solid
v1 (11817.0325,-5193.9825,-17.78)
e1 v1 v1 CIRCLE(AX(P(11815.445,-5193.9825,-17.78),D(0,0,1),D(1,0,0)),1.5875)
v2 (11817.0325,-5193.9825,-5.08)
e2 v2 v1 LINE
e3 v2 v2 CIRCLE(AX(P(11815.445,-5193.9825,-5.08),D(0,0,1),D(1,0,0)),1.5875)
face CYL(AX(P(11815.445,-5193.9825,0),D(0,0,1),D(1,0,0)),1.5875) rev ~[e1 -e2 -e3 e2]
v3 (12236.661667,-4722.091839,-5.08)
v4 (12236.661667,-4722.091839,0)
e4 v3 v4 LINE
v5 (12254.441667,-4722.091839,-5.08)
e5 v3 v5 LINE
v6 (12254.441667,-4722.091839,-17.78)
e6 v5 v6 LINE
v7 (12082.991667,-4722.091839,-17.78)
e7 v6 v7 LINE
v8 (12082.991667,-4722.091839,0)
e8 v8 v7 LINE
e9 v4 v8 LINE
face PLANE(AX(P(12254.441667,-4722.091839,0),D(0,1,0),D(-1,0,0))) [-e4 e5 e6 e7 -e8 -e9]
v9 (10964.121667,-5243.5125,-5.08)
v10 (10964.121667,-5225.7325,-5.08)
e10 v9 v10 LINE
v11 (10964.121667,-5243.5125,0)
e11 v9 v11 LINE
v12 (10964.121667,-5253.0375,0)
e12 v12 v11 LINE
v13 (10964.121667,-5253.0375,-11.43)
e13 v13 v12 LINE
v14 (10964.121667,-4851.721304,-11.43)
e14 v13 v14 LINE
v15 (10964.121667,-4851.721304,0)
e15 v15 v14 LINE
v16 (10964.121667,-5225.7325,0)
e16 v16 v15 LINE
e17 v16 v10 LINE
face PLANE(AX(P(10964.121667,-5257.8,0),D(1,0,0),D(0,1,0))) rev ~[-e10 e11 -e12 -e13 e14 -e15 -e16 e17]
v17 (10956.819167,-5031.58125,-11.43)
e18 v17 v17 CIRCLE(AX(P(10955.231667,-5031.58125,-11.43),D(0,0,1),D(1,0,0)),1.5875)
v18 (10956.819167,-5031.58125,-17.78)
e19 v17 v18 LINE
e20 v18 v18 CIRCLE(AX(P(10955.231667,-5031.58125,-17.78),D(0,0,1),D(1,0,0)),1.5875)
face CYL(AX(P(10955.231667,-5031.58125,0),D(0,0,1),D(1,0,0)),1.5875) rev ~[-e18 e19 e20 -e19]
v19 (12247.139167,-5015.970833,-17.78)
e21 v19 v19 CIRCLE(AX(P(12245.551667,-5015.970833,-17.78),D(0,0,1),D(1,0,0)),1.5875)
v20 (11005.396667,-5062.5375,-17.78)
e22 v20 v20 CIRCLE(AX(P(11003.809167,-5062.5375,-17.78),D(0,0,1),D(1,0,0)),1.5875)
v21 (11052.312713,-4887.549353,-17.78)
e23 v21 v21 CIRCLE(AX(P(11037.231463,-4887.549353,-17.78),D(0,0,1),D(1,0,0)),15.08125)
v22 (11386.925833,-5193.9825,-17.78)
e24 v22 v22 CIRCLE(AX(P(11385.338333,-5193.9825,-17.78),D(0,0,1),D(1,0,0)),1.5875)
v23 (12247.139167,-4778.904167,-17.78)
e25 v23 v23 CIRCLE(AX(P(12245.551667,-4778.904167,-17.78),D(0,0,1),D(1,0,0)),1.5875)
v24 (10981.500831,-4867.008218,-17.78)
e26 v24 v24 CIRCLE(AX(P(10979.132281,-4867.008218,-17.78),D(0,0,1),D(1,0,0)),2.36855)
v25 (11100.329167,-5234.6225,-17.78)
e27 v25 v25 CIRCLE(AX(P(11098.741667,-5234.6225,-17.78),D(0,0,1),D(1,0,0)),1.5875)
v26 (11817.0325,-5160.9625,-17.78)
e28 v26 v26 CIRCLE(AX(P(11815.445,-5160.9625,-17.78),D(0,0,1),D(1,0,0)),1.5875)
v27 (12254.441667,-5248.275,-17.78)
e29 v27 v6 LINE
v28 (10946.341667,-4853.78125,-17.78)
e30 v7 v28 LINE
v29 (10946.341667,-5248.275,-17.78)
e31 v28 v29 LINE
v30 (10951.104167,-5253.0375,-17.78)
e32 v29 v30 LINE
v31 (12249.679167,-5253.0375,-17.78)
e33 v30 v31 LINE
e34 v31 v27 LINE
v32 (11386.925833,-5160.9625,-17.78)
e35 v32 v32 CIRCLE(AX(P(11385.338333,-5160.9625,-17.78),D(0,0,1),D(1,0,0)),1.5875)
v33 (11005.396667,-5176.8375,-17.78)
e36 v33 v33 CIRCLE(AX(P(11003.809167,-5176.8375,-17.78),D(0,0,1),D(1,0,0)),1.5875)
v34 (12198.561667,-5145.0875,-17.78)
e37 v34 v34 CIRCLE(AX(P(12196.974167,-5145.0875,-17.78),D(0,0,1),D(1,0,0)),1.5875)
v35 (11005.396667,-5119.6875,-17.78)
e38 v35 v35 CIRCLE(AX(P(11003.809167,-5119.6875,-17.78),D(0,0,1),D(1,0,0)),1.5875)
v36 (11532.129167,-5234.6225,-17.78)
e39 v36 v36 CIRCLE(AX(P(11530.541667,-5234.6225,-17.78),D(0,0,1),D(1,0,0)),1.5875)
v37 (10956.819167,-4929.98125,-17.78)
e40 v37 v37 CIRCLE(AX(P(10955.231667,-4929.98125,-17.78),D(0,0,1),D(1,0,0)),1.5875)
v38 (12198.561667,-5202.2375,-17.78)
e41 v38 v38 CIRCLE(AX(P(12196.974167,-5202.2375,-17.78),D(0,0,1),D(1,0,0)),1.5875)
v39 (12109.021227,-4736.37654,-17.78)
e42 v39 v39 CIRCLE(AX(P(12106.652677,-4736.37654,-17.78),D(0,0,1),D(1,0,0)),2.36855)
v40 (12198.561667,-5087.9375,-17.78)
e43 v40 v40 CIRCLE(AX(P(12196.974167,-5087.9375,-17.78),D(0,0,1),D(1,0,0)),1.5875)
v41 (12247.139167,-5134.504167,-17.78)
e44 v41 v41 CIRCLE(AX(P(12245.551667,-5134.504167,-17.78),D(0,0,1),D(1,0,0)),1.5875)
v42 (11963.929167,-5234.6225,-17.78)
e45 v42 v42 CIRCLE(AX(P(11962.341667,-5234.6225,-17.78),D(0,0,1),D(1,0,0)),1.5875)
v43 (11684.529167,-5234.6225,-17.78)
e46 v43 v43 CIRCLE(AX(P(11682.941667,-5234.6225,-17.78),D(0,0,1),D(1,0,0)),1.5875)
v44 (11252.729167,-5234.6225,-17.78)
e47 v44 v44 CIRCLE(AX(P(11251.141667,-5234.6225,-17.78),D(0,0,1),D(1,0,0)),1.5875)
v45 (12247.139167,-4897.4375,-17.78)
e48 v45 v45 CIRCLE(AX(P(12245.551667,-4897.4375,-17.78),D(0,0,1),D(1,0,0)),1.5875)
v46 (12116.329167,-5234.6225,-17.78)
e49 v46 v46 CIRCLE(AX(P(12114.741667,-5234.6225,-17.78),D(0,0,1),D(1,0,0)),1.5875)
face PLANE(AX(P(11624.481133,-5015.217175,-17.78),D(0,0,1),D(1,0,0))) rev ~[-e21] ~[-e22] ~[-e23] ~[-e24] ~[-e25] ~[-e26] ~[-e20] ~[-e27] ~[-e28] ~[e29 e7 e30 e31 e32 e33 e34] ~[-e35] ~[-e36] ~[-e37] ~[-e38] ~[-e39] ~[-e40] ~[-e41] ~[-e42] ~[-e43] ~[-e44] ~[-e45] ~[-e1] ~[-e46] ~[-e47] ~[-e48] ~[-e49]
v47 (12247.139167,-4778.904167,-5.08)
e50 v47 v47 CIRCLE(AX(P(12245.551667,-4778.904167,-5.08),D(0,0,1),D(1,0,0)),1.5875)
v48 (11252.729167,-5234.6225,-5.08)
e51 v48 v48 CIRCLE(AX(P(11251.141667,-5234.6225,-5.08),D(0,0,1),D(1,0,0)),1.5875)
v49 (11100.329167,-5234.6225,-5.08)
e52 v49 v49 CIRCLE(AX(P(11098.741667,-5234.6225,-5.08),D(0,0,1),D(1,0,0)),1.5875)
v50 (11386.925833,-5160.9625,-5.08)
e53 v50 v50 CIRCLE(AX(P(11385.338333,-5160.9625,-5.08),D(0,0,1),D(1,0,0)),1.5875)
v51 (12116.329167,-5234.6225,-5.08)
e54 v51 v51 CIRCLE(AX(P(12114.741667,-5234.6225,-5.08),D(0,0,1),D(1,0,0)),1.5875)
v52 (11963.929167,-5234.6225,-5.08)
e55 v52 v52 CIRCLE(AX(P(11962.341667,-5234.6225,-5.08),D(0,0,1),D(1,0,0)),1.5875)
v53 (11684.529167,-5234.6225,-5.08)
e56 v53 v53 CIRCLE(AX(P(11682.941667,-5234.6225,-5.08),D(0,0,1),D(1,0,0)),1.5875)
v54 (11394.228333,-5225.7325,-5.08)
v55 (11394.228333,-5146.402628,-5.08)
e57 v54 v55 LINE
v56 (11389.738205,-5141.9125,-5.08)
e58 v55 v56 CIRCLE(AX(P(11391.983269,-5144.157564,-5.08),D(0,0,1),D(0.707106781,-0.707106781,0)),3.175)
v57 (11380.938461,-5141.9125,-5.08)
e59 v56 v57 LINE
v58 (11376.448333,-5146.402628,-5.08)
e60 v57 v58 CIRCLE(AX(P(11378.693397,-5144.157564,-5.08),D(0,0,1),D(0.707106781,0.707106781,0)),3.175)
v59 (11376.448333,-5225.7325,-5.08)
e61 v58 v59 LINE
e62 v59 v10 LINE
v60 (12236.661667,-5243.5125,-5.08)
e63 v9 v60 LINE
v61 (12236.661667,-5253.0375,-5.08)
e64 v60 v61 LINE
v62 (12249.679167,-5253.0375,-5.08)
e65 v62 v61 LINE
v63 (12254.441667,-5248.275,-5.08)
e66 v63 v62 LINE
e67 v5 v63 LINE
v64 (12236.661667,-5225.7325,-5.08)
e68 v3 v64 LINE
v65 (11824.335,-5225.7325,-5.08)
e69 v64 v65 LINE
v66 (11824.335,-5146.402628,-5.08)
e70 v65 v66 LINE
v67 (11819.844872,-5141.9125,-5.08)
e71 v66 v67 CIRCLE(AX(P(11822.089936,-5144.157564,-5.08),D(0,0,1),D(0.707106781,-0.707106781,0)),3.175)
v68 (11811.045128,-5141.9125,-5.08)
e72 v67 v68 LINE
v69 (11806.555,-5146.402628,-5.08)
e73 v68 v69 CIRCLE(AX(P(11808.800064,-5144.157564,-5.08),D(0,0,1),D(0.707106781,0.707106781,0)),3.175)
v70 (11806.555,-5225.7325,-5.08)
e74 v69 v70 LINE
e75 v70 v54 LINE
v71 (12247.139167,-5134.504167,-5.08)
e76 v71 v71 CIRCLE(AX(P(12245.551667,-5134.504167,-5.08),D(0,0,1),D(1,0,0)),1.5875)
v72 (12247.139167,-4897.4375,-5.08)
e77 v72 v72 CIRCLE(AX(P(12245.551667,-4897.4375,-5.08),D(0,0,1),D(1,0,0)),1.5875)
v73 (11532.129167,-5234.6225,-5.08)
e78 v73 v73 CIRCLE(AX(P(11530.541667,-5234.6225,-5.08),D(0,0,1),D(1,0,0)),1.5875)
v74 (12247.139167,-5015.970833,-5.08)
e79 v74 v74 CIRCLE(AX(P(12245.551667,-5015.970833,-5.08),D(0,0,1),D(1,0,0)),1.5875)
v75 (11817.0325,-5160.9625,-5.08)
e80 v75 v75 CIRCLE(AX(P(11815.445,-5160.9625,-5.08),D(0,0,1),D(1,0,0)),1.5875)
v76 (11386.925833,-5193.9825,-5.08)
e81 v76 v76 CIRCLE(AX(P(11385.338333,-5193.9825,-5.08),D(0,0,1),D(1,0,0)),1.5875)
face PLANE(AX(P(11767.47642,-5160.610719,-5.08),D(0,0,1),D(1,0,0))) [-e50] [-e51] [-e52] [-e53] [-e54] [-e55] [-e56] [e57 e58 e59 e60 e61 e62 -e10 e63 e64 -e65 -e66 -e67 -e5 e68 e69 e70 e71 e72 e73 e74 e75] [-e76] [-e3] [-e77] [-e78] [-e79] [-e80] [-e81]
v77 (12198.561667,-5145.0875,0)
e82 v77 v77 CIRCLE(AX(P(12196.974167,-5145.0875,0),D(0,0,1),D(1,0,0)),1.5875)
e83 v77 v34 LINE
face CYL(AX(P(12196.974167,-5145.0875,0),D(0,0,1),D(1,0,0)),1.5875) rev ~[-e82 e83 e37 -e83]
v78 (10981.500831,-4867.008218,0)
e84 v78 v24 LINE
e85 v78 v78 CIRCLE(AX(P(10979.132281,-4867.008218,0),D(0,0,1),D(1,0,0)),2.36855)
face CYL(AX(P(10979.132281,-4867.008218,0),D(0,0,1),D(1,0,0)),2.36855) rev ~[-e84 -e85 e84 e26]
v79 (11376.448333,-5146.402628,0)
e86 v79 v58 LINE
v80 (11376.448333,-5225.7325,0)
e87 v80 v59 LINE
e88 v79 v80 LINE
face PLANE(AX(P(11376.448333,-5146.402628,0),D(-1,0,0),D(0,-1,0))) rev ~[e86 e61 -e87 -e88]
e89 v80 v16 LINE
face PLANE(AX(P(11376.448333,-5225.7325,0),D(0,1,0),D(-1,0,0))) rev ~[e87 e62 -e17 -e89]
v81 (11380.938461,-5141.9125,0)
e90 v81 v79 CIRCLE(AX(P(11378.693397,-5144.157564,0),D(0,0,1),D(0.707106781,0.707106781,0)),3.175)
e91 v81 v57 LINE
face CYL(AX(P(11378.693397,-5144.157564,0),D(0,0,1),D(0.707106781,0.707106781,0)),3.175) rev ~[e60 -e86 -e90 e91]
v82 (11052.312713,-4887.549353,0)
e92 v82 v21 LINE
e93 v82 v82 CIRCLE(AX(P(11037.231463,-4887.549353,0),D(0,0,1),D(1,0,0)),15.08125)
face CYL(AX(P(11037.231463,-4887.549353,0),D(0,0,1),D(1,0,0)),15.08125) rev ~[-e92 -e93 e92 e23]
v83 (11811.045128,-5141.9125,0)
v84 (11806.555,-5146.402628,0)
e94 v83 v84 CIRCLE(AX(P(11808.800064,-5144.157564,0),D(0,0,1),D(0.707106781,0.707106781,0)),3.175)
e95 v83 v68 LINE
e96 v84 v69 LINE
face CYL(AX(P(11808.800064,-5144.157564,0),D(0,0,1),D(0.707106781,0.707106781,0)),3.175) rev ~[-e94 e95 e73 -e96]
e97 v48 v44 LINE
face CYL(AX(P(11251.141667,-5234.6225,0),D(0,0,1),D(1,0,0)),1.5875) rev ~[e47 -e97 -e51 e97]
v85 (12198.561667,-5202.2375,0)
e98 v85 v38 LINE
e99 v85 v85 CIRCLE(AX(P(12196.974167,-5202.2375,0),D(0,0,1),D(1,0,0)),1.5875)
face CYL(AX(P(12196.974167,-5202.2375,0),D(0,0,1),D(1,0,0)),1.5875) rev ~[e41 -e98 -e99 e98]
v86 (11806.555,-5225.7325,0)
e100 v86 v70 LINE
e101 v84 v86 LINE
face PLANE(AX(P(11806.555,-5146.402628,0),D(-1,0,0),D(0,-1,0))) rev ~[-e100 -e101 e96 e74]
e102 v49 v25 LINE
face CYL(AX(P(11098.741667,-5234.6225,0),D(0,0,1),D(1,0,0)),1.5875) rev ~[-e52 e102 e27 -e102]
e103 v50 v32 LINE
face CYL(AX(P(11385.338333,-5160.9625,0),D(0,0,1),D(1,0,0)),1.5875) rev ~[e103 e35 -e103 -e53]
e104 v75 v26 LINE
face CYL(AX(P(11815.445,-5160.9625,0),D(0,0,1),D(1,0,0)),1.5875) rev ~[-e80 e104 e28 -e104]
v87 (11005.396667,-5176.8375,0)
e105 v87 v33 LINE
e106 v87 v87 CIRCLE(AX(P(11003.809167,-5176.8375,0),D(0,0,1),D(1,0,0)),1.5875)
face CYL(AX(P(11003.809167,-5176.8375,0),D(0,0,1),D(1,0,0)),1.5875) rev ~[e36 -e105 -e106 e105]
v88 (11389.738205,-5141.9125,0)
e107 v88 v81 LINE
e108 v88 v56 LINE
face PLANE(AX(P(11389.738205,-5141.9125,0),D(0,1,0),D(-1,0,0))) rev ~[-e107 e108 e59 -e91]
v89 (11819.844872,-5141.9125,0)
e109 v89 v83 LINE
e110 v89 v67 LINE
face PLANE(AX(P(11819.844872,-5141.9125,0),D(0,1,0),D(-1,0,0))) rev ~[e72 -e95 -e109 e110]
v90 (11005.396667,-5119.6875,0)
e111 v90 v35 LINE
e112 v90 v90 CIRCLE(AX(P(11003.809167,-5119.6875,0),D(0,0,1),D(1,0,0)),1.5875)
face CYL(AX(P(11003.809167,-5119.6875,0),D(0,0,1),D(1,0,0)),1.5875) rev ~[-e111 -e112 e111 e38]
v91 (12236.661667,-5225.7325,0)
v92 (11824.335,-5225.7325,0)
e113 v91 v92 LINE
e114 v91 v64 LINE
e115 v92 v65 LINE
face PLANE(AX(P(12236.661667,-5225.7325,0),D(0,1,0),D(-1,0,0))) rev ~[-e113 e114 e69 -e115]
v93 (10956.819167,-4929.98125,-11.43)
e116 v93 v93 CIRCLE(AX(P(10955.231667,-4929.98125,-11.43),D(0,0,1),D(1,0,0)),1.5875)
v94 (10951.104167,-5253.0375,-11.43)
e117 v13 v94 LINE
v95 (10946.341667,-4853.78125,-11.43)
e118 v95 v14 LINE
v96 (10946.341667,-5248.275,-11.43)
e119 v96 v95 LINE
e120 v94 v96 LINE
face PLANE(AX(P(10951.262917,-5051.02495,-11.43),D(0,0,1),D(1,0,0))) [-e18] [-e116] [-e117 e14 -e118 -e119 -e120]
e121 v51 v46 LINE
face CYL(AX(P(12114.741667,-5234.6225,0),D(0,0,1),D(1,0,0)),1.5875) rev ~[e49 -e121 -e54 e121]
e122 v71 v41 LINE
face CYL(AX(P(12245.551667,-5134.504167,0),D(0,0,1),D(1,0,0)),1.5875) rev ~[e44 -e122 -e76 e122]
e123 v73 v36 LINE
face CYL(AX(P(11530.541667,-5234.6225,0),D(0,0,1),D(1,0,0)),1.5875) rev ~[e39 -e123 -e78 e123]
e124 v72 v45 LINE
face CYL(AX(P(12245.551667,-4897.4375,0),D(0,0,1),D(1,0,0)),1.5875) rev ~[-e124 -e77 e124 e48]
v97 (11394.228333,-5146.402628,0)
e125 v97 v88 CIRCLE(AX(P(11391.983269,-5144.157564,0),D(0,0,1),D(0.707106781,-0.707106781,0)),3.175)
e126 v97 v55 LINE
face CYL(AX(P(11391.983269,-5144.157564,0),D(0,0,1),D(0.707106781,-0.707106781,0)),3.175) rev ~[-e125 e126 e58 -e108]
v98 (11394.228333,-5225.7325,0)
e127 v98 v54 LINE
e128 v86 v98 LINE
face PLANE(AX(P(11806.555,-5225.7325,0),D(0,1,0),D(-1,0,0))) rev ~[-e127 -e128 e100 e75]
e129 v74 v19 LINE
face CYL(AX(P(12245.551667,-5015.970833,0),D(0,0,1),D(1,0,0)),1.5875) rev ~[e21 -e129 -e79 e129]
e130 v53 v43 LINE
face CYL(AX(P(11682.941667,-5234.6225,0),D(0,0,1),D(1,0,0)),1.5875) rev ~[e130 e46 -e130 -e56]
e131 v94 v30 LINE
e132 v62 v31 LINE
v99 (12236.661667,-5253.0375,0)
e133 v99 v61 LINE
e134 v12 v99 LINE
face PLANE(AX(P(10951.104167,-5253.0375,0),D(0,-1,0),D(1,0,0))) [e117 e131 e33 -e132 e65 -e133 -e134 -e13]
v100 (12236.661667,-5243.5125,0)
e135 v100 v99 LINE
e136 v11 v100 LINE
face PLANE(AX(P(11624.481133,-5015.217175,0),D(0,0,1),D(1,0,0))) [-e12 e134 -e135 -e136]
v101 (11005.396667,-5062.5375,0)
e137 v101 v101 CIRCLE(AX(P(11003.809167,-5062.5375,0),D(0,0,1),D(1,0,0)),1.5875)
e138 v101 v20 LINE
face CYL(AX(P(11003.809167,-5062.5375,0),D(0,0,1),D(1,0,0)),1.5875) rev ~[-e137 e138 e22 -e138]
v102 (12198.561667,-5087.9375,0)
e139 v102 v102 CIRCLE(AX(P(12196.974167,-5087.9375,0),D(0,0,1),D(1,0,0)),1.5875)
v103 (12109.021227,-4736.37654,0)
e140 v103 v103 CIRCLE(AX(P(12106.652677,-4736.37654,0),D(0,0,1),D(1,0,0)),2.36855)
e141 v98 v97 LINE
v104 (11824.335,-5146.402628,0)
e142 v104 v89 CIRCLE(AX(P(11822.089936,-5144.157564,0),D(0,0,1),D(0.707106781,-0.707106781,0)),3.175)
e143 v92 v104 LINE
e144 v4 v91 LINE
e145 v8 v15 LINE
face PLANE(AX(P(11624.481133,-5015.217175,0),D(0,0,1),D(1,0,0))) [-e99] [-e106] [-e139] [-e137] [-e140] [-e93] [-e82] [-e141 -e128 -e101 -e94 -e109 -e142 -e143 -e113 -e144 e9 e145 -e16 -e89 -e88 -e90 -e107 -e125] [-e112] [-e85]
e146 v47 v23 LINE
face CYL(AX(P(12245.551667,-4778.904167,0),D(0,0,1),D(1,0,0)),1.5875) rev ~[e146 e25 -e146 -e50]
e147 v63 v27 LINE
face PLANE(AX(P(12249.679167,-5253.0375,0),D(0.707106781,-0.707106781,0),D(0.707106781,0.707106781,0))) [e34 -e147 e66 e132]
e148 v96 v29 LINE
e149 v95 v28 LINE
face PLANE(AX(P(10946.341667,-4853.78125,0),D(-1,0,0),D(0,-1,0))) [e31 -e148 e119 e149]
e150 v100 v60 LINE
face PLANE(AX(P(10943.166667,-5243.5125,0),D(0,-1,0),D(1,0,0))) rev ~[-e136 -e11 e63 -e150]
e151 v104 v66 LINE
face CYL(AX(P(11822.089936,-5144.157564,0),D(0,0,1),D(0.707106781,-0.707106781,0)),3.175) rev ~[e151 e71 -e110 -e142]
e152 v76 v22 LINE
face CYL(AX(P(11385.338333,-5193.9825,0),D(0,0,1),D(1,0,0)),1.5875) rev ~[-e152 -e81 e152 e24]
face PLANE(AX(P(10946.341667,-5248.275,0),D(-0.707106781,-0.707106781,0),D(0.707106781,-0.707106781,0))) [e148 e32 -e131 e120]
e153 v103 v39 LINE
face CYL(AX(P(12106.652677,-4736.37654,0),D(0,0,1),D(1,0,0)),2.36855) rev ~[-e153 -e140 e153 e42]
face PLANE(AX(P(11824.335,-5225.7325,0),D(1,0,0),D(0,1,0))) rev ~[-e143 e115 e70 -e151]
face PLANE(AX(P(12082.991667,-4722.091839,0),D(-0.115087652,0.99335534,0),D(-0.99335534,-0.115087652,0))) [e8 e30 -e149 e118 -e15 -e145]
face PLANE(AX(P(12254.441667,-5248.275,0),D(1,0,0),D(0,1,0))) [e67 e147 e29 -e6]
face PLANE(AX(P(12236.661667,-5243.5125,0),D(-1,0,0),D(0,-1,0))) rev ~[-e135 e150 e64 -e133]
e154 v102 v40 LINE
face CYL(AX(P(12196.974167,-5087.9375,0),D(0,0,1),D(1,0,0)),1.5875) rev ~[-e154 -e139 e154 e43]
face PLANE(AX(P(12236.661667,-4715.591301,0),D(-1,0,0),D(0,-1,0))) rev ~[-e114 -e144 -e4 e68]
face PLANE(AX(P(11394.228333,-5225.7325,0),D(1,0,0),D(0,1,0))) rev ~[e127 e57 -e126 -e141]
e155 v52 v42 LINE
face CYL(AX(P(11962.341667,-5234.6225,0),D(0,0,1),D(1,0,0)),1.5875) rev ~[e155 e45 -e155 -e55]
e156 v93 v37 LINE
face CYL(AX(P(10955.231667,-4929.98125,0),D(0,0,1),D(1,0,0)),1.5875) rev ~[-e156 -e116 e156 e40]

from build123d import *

# Parameters (mm, degrees)
EXTRUDE1_DEPTH     = 17.78
CUT_EXTRUDE1_DEPTH = 5.08
SKETCH4_W          = 25.7175
SKETCH4_H          = 413.5501
CUT_EXTRUDE2_DEPTH = 11.43
SKETCH5_R          = 15.08125
SKETCH5_R_2        = 2.36855
SKETCH5_R_3        = 1.5875
CUT_EXTRUDE3_DEPTH = 17.78


with BuildPart() as part:
    # Sketch2 → Extrude1 (new body)
    with BuildSketch(Plane.XY):
        Polygon((10946.341666666, -4853.78125), (10946.341666666, -5248.275), (10951.104166666, -5253.0375), (12249.679166666, -5253.0375), (12254.441666666, -5248.275), (12254.441666666, -4722.091838581), (12082.991666666, -4722.091838581), align=None)
    extrude(amount=-EXTRUDE1_DEPTH)

    # Sketch3 → Cut-Extrude1 (cut)
    with BuildSketch(Plane.XY):
        with BuildLine():
            Line((10943.166666666, -5225.7325), (10943.166666666, -5243.5125))
            Line((10943.166666666, -5243.5125), (12236.661666666, -5243.5125))
            Line((12236.661666666, -5243.5125), (12236.661666666, -5256.2125))
            Line((12236.661666666, -5256.2125), (12257.616666666, -5256.2125))
            Line((12257.616666666, -5256.2125), (12257.616666666, -4715.591300541))
            Line((12257.616666666, -4715.591300541), (12236.661666666, -4715.591300541))
            Line((12236.661666666, -4715.591300541), (12236.661666666, -5225.7325))
            Line((12236.661666666, -5225.7325), (11824.335, -5225.7325))
            Line((11824.335, -5225.7325), (11824.335, -5146.402628061))
            ThreePointArc((11824.335, -5146.402628061), (11824.335, -5141.9125), (11819.844871939, -5141.9125))
            Line((11819.844871939, -5141.9125), (11811.045128061, -5141.9125))
            ThreePointArc((11811.045128061, -5141.9125), (11806.555, -5141.912499999), (11806.554999999, -5146.402628059))
            Line((11806.554999999, -5146.402628059), (11806.555, -5225.7325))
            Line((11806.555, -5225.7325), (11394.228333334, -5225.7325))
            Line((11394.228333334, -5225.7325), (11394.228333334, -5146.402628061))
            ThreePointArc((11394.228333334, -5146.402628061), (11394.228333334, -5141.912499999), (11389.738205272, -5141.912499999))
            Line((11389.738205272, -5141.912499999), (11380.938461393, -5141.912499999))
            ThreePointArc((11380.938461393, -5141.912499999), (11376.448333333, -5141.9125), (11376.448333334, -5146.402628061))
            Line((11376.448333334, -5146.402628061), (11376.448333334, -5225.7325))
            Line((11376.448333334, -5225.7325), (10943.166666666, -5225.7325))
        make_face()
    extrude(amount=-CUT_EXTRUDE1_DEPTH, mode=Mode.SUBTRACT)

    # Sketch4 → Cut-Extrude2 (cut)
    with BuildSketch(Plane.XY):
        with Locations((10951.262916666, -5051.02495)):
            Rectangle(SKETCH4_W, SKETCH4_H)
    extrude(amount=-CUT_EXTRUDE2_DEPTH, mode=Mode.SUBTRACT)

    # Sketch5 → Cut-Extrude3 (cut)
    with BuildSketch(Plane.XY):
        with Locations((11037.231463428, -4887.549352662)):
            Circle(SKETCH5_R)
        with Locations((10979.132281191, -4867.008218481)):
            Circle(SKETCH5_R_2)
        with Locations((10955.231666666, -4929.98125)):
            Circle(SKETCH5_R_3)
        with Locations((10955.231666666, -5031.58125)):
            Circle(SKETCH5_R_3)
        with Locations((11003.809166666, -5062.5375)):
            Circle(SKETCH5_R_3)
        with Locations((11003.809166666, -5119.6875)):
            Circle(SKETCH5_R_3)
        with Locations((11003.809166666, -5176.8375)):
            Circle(SKETCH5_R_3)
        with Locations((11251.141666666, -5234.6225)):
            Circle(SKETCH5_R_3)
        with Locations((11098.741666666, -5234.6225)):
            Circle(SKETCH5_R_3)
        with Locations((11385.338333334, -5160.9625)):
            Circle(SKETCH5_R_3)
        with Locations((11385.338333334, -5193.9825)):
            Circle(SKETCH5_R_3)
        with Locations((11530.541666666, -5234.6225)):
            Circle(SKETCH5_R_3)
        with Locations((11682.941666666, -5234.6225)):
            Circle(SKETCH5_R_3)
        with Locations((11815.445, -5160.9625)):
            Circle(SKETCH5_R_3)
        with Locations((11815.445, -5193.9825)):
            Circle(SKETCH5_R_3)
        with Locations((11962.341666666, -5234.6225)):
            Circle(SKETCH5_R_3)
        with Locations((12114.741666666, -5234.6225)):
            Circle(SKETCH5_R_3)
        with Locations((12196.974166666, -5202.2375)):
            Circle(SKETCH5_R_3)
        with Locations((12196.974166666, -5145.0875)):
            Circle(SKETCH5_R_3)
        with Locations((12245.551666666, -5134.504166666)):
            Circle(SKETCH5_R_3)
        with Locations((12196.974166666, -5087.9375)):
            Circle(SKETCH5_R_3)
        with Locations((12245.551666666, -5015.970833334)):
            Circle(SKETCH5_R_3)
        with Locations((12245.551666666, -4897.4375)):
            Circle(SKETCH5_R_3)
        with Locations((12245.551666666, -4778.904166666)):
            Circle(SKETCH5_R_3)
        with Locations((12106.652677233, -4736.376540025)):
            Circle(SKETCH5_R_2)
    extrude(amount=-CUT_EXTRUDE3_DEPTH, mode=Mode.SUBTRACT)


solid = part.part
